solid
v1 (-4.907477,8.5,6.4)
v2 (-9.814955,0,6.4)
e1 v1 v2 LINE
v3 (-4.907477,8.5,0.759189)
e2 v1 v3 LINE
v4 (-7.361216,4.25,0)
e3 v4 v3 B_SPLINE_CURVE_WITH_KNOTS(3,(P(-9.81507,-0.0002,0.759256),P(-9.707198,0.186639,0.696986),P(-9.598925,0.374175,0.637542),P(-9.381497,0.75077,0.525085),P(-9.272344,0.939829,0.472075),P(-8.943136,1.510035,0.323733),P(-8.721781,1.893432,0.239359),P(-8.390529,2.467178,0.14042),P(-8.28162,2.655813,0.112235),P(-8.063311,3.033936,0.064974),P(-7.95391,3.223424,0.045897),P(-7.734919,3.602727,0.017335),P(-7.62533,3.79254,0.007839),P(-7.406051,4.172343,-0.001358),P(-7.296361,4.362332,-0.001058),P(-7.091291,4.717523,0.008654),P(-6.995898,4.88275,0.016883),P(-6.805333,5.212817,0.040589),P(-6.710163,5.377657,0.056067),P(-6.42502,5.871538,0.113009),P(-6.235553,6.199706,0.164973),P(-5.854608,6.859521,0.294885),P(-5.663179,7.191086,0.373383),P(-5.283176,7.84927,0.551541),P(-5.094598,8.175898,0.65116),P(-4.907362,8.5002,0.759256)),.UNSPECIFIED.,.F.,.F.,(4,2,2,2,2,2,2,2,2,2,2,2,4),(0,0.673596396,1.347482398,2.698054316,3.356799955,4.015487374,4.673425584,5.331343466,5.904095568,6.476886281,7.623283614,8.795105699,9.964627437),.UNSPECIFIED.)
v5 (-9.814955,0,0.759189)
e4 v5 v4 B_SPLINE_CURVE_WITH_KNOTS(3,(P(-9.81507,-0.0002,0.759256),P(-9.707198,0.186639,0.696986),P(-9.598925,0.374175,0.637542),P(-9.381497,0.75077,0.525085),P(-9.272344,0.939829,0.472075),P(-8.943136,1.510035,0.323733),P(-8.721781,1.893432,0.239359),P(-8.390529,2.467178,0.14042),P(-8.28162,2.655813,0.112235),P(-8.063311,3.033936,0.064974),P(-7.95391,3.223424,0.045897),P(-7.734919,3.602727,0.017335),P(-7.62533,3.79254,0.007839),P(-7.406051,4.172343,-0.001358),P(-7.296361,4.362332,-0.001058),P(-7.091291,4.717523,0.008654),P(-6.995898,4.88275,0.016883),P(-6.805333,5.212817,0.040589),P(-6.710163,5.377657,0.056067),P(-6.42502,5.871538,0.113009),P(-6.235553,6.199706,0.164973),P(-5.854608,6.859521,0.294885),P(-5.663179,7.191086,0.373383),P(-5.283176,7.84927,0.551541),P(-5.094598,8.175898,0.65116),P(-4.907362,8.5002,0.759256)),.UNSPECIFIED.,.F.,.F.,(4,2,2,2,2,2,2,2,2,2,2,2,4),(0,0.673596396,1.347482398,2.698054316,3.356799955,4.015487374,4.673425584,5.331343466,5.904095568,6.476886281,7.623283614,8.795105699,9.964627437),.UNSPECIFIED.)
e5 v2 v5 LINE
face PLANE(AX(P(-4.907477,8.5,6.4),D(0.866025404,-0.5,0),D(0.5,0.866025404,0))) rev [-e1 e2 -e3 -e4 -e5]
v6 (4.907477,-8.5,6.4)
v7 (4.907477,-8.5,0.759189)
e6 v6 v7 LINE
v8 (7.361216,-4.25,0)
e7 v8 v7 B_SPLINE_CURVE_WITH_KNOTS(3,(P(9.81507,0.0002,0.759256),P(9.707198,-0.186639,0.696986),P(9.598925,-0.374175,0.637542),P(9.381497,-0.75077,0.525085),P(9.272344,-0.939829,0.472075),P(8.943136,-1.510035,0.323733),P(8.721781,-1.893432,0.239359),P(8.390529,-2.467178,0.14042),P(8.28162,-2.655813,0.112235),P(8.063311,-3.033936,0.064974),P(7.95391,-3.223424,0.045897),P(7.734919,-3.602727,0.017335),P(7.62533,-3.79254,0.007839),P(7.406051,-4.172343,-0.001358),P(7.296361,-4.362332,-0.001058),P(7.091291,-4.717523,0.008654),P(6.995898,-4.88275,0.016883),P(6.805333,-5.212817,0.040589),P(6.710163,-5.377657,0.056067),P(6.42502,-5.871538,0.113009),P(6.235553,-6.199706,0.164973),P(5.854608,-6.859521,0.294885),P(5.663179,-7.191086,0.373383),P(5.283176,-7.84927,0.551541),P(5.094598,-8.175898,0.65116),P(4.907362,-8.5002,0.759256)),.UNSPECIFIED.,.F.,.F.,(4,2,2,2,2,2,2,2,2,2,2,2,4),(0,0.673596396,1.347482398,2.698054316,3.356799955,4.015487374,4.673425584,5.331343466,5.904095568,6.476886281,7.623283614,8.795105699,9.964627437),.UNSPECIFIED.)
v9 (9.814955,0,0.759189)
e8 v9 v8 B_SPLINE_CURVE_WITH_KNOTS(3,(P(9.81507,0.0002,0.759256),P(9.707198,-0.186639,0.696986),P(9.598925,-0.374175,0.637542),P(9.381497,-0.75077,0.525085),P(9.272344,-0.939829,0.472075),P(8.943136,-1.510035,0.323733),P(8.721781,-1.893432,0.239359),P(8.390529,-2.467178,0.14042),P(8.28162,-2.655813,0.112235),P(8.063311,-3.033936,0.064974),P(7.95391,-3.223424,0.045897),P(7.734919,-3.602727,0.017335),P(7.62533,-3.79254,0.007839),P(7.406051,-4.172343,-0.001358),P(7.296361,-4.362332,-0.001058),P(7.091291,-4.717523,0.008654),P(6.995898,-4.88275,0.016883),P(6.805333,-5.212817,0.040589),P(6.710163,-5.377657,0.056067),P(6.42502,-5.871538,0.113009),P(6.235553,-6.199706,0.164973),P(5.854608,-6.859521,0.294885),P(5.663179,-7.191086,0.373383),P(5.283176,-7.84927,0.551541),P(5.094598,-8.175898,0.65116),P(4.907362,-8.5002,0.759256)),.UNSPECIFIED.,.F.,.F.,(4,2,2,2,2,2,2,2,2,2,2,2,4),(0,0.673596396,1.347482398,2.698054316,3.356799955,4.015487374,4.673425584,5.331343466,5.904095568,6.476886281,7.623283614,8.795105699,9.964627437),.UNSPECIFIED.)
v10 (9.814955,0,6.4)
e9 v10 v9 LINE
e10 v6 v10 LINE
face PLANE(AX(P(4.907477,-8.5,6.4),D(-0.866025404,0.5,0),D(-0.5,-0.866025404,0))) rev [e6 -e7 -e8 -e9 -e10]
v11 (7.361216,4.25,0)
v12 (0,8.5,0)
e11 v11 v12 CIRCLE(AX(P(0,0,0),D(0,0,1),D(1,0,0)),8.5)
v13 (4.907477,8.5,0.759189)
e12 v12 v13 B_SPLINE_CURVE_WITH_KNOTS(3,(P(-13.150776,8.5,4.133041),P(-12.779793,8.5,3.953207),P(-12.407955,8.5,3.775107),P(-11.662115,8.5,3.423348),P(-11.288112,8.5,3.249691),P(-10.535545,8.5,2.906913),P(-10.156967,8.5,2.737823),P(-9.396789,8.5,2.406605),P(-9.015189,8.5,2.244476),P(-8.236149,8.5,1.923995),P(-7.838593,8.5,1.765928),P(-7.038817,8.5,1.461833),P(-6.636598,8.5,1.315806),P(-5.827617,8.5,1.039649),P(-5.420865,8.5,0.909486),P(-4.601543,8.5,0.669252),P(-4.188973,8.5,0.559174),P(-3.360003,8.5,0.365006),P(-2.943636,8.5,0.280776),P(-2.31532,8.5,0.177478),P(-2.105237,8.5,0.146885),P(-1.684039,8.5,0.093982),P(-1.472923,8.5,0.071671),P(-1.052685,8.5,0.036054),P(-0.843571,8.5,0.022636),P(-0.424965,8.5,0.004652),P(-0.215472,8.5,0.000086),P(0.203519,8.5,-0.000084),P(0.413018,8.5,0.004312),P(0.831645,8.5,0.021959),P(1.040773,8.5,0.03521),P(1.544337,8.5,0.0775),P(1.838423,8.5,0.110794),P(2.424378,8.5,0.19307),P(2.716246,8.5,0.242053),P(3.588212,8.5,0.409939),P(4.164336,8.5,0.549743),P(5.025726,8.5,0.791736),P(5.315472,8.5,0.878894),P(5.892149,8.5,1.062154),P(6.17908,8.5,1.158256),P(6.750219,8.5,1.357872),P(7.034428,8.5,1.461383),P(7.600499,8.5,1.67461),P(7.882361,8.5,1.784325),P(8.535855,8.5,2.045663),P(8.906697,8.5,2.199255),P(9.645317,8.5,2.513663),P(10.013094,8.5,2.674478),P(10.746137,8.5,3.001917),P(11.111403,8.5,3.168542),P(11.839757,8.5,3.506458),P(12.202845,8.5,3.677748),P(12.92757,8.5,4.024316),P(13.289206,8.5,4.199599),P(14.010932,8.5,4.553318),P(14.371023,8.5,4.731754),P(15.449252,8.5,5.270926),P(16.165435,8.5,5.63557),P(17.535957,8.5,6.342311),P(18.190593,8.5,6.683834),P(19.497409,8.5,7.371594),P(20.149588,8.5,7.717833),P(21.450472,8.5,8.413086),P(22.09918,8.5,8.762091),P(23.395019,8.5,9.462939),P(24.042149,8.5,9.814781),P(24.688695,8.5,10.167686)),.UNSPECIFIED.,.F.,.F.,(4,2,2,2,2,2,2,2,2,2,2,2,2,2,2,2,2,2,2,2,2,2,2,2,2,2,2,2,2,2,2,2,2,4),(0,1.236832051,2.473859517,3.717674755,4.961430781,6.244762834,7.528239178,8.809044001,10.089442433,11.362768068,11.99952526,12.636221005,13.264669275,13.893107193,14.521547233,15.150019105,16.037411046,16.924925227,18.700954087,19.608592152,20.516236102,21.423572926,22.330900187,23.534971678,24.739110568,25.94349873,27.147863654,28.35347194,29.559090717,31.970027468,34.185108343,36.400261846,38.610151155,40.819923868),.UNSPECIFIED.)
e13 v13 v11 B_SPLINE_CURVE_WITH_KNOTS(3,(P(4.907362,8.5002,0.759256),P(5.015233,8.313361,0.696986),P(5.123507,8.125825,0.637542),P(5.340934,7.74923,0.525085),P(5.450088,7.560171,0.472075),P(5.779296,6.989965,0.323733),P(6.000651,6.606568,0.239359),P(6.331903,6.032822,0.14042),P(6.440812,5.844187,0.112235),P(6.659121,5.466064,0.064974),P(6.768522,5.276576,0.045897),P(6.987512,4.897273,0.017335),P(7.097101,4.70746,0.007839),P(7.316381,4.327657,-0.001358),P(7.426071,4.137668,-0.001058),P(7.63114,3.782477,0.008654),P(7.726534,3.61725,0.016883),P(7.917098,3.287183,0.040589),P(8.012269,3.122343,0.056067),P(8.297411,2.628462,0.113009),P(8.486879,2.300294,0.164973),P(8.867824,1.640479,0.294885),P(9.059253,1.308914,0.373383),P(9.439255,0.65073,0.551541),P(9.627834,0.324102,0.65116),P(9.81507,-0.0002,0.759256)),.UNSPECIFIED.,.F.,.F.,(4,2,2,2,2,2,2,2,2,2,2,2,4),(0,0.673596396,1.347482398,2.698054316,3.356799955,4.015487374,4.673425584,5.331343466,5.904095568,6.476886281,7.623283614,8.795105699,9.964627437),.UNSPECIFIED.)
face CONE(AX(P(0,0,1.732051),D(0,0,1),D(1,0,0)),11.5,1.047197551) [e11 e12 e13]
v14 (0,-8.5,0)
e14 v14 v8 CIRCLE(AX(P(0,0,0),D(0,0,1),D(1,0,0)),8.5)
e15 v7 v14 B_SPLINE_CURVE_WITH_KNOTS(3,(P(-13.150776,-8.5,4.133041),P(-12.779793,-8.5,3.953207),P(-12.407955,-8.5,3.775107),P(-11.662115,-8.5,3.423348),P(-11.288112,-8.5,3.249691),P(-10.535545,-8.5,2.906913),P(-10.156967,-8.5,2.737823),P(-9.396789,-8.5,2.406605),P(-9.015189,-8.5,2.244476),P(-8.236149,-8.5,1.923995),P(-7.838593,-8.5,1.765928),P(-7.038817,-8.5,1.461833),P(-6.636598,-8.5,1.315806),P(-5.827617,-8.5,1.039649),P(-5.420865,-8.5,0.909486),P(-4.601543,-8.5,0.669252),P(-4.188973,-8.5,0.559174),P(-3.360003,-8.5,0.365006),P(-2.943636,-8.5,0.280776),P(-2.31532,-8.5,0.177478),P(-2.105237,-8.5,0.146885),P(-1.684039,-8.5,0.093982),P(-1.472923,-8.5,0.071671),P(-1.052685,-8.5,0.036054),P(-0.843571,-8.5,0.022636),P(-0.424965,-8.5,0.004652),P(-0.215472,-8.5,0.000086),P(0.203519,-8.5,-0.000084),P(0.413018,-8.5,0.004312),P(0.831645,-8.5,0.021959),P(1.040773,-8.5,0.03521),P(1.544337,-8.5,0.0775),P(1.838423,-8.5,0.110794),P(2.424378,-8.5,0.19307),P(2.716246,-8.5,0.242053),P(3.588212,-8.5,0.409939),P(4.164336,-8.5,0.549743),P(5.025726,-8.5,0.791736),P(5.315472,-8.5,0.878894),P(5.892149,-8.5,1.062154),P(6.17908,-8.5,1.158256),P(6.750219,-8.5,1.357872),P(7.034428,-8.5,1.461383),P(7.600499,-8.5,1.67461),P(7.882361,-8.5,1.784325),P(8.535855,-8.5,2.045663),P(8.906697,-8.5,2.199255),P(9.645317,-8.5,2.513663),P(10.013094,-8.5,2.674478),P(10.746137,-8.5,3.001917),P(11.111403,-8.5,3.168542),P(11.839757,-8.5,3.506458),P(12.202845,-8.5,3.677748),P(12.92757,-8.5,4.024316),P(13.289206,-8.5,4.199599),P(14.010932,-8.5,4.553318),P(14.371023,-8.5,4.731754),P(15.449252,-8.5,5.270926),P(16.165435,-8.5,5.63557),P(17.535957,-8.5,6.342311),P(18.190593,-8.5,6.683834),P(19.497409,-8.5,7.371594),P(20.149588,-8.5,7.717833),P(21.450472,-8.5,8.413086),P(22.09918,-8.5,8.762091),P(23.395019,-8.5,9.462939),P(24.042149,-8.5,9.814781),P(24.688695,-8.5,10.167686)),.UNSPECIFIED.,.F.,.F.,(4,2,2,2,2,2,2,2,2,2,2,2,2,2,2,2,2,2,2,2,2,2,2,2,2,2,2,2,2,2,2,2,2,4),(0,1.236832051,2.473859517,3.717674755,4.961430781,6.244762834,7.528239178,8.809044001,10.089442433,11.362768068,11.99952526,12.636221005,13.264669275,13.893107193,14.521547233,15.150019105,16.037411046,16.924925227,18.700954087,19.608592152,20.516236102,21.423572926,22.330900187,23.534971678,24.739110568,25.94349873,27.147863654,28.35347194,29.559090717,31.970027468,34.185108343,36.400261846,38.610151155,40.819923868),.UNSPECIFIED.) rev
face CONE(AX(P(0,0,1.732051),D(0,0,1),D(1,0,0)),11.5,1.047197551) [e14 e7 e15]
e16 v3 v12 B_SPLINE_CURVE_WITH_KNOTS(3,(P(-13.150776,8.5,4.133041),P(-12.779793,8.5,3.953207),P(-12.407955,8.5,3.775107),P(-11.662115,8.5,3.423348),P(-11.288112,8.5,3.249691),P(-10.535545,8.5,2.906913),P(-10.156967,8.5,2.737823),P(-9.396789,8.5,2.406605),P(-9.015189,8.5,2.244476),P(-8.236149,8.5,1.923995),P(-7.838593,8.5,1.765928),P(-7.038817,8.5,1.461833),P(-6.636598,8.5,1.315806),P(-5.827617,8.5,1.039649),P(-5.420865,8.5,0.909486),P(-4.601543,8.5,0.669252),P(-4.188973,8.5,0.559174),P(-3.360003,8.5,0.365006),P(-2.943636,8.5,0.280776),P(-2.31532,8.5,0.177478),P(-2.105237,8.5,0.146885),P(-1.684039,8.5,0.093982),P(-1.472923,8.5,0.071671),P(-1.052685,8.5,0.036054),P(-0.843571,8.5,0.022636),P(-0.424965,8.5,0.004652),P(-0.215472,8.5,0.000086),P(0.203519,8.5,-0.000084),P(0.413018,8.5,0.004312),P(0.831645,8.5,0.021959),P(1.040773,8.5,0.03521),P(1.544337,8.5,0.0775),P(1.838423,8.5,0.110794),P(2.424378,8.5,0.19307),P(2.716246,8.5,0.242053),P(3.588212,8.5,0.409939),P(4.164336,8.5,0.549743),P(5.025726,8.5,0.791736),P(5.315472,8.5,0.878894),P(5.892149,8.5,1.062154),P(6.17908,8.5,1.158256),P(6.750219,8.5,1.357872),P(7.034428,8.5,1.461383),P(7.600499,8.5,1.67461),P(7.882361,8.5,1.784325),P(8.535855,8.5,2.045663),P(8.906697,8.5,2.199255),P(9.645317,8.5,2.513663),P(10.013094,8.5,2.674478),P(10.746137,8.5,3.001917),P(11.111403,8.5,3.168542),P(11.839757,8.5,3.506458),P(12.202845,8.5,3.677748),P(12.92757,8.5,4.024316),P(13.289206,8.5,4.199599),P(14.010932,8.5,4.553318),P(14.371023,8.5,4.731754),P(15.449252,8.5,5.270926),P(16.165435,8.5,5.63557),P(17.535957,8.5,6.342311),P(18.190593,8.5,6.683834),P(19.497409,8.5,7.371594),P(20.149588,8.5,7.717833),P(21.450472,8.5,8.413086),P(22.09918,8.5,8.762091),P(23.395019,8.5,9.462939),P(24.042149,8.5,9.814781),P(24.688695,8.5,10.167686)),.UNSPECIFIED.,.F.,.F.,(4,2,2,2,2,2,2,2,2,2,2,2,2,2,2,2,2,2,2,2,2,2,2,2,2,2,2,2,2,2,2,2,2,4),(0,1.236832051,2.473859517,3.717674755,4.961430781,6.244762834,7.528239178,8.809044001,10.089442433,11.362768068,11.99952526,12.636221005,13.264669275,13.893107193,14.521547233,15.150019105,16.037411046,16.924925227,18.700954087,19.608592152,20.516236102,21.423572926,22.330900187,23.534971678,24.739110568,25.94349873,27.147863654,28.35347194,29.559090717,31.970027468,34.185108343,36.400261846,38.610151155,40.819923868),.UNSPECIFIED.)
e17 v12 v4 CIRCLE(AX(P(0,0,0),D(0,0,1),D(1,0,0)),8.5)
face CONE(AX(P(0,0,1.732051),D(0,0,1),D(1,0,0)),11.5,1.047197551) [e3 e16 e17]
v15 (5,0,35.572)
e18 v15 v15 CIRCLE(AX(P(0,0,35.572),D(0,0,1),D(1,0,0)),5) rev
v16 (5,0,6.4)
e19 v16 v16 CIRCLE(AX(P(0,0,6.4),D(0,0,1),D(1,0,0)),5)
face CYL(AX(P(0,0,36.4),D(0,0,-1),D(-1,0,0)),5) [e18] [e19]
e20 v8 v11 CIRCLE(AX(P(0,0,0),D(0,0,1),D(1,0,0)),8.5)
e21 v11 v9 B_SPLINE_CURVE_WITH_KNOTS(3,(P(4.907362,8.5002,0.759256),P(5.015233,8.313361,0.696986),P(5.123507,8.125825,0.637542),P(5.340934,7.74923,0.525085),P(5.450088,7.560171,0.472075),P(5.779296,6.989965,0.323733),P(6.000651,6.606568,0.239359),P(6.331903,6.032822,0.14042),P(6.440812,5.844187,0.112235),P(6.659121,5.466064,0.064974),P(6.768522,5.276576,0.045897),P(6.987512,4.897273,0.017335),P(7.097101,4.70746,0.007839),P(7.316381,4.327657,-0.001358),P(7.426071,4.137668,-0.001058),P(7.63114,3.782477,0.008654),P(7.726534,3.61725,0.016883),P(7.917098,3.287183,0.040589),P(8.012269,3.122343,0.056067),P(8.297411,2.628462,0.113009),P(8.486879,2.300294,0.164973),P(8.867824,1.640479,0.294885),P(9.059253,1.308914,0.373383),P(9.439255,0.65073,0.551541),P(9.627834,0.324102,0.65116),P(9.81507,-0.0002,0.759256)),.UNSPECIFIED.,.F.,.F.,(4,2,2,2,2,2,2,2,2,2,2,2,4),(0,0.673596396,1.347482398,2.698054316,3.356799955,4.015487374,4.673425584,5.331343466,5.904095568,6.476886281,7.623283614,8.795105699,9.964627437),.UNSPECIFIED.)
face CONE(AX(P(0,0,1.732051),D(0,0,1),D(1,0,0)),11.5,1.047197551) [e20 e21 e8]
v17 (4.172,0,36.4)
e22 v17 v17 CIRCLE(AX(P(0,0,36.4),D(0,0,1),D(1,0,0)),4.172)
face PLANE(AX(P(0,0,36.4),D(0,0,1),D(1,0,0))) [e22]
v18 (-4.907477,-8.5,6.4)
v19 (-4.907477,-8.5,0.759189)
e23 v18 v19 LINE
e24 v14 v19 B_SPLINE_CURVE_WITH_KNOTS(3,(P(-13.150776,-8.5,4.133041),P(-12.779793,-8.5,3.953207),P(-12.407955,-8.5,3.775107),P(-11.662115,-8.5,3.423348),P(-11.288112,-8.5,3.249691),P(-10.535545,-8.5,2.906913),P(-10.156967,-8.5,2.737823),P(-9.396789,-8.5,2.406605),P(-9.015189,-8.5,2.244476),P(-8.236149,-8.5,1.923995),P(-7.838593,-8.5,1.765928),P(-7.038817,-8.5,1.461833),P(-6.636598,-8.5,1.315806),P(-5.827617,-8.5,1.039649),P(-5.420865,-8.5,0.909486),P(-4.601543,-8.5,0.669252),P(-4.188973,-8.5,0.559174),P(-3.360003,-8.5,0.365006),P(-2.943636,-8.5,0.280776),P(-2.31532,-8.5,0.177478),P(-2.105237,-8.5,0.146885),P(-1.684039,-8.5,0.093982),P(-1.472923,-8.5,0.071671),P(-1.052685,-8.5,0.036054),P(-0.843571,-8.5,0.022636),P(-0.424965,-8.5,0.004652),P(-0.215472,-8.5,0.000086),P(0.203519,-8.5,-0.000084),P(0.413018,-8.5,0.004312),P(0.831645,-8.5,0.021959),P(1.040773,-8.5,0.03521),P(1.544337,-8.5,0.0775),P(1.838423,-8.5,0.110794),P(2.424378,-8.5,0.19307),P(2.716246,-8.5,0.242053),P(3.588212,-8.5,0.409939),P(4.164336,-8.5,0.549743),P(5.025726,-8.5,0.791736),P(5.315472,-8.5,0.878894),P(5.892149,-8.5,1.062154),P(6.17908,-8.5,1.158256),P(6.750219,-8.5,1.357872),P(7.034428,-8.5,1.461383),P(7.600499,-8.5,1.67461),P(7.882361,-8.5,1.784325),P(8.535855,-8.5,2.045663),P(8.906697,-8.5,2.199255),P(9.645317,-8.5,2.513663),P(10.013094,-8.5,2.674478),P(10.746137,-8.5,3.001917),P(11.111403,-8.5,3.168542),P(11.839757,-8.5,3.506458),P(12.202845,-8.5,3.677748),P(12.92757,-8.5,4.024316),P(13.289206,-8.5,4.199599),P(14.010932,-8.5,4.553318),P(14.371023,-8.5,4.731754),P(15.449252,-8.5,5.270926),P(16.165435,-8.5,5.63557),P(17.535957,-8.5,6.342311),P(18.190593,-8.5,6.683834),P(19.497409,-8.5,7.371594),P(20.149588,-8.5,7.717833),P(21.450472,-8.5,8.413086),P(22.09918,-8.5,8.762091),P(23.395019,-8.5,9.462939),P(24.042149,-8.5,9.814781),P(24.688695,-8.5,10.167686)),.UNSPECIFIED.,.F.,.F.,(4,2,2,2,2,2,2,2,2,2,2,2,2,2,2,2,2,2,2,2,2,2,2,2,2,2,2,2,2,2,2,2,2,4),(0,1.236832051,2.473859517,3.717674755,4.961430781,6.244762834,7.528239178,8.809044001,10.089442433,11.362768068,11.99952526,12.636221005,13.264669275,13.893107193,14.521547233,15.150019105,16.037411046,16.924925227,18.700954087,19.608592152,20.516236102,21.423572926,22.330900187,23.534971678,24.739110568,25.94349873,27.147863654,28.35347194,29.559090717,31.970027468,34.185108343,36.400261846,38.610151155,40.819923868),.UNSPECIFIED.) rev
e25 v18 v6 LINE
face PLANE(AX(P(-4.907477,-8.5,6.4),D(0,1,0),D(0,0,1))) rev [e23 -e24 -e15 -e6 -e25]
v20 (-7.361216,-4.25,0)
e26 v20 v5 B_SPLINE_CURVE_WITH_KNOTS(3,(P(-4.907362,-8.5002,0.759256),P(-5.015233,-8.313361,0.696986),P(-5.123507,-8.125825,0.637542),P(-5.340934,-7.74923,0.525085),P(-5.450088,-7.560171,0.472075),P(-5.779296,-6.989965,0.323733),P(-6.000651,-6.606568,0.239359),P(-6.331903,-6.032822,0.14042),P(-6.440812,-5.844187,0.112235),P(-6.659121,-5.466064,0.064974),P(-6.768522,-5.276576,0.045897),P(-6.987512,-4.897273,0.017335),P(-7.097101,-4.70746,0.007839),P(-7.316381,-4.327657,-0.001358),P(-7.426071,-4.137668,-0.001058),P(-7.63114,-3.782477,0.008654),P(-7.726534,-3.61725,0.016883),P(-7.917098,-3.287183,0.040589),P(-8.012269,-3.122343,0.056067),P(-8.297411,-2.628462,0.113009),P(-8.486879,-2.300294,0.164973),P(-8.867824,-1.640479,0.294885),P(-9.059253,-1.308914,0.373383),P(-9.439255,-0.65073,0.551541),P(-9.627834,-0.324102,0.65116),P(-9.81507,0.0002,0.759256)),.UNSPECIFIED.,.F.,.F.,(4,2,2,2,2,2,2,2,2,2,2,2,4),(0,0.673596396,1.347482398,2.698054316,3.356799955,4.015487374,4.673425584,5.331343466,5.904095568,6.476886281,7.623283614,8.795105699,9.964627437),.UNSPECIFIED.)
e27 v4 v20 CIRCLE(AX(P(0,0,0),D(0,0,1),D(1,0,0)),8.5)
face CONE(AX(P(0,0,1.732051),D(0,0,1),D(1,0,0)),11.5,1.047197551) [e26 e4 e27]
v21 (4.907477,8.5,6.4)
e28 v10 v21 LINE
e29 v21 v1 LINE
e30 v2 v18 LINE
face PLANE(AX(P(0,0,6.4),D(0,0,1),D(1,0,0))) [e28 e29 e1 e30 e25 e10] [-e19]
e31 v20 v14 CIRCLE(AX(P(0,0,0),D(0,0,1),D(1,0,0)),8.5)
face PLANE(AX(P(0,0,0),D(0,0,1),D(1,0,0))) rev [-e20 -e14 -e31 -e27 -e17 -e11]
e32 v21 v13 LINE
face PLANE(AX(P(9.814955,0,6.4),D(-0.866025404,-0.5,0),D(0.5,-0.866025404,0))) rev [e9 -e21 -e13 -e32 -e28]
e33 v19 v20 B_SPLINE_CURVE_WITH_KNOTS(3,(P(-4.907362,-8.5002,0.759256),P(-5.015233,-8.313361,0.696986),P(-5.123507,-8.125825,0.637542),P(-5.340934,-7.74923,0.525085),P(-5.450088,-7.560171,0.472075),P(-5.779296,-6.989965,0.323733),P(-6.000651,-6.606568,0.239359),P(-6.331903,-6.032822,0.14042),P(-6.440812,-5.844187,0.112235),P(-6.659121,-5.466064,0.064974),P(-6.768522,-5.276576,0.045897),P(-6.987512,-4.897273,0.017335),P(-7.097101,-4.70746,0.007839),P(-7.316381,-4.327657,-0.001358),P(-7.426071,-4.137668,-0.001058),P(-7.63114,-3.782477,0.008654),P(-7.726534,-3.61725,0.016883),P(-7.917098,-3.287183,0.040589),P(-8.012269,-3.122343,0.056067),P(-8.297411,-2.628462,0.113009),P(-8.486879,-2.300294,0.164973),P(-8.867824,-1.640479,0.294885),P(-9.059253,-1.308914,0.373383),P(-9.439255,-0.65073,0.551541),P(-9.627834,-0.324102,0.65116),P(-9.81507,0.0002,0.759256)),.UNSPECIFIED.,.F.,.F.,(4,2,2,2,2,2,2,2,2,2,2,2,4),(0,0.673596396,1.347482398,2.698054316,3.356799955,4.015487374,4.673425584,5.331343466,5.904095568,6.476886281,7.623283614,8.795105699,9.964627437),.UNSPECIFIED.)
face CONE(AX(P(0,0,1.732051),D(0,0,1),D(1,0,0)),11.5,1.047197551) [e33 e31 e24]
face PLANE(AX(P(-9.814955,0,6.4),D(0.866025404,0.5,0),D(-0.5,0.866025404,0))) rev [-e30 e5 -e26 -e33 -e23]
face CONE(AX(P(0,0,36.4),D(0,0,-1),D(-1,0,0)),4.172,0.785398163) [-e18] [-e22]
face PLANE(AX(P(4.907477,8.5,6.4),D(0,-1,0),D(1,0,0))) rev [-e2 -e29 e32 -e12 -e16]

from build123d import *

# Parameters (mm, degrees)
EXTRUDE_1_DEPTH = 6.4
SKETCH_2_R      = 5
EXTRUDE_2_DEPTH = 30
CHAMFER_1_SIZE  = 0.828


with BuildPart() as part:
    # Эскиз1 → Бобышка-Вытянуть1 (new body)
    with BuildSketch(Plane.XY):
        Polygon((-4.907477288, 8.5), (-9.814954576, 0), (-4.907477288, -8.5), (4.907477288, -8.5), (9.814954576, 0), (4.907477288, 8.5), align=None)
    extrude(amount=EXTRUDE_1_DEPTH)

    # Эскиз2 → Бобышка-Вытянуть2 (add)
    with BuildSketch(Plane.XY.offset(6.4)):
        Circle(SKETCH_2_R)
    extrude(amount=EXTRUDE_2_DEPTH)

    # Эскиз3 → Вырез-Повернуть1 (revolve, cut)
    with BuildSketch(Plane(origin=(0, 0, 0), x_dir=(0, 0, -1), z_dir=(1, 0, 0))):
        Polygon((0, 8.5), (0, 11.5), (-1.732050808, 11.5), align=None)
    revolve(axis=Axis((0, 0, 1000), (0, 0, -1)), mode=Mode.SUBTRACT)

    # Фаска1
    chamfer_1_edges = [part.edges().sort_by_distance(p)[0] for p in [
        (-5, 0, 36.4),
    ]]
    chamfer(chamfer_1_edges, length=CHAMFER_1_SIZE)


solid = part.part
